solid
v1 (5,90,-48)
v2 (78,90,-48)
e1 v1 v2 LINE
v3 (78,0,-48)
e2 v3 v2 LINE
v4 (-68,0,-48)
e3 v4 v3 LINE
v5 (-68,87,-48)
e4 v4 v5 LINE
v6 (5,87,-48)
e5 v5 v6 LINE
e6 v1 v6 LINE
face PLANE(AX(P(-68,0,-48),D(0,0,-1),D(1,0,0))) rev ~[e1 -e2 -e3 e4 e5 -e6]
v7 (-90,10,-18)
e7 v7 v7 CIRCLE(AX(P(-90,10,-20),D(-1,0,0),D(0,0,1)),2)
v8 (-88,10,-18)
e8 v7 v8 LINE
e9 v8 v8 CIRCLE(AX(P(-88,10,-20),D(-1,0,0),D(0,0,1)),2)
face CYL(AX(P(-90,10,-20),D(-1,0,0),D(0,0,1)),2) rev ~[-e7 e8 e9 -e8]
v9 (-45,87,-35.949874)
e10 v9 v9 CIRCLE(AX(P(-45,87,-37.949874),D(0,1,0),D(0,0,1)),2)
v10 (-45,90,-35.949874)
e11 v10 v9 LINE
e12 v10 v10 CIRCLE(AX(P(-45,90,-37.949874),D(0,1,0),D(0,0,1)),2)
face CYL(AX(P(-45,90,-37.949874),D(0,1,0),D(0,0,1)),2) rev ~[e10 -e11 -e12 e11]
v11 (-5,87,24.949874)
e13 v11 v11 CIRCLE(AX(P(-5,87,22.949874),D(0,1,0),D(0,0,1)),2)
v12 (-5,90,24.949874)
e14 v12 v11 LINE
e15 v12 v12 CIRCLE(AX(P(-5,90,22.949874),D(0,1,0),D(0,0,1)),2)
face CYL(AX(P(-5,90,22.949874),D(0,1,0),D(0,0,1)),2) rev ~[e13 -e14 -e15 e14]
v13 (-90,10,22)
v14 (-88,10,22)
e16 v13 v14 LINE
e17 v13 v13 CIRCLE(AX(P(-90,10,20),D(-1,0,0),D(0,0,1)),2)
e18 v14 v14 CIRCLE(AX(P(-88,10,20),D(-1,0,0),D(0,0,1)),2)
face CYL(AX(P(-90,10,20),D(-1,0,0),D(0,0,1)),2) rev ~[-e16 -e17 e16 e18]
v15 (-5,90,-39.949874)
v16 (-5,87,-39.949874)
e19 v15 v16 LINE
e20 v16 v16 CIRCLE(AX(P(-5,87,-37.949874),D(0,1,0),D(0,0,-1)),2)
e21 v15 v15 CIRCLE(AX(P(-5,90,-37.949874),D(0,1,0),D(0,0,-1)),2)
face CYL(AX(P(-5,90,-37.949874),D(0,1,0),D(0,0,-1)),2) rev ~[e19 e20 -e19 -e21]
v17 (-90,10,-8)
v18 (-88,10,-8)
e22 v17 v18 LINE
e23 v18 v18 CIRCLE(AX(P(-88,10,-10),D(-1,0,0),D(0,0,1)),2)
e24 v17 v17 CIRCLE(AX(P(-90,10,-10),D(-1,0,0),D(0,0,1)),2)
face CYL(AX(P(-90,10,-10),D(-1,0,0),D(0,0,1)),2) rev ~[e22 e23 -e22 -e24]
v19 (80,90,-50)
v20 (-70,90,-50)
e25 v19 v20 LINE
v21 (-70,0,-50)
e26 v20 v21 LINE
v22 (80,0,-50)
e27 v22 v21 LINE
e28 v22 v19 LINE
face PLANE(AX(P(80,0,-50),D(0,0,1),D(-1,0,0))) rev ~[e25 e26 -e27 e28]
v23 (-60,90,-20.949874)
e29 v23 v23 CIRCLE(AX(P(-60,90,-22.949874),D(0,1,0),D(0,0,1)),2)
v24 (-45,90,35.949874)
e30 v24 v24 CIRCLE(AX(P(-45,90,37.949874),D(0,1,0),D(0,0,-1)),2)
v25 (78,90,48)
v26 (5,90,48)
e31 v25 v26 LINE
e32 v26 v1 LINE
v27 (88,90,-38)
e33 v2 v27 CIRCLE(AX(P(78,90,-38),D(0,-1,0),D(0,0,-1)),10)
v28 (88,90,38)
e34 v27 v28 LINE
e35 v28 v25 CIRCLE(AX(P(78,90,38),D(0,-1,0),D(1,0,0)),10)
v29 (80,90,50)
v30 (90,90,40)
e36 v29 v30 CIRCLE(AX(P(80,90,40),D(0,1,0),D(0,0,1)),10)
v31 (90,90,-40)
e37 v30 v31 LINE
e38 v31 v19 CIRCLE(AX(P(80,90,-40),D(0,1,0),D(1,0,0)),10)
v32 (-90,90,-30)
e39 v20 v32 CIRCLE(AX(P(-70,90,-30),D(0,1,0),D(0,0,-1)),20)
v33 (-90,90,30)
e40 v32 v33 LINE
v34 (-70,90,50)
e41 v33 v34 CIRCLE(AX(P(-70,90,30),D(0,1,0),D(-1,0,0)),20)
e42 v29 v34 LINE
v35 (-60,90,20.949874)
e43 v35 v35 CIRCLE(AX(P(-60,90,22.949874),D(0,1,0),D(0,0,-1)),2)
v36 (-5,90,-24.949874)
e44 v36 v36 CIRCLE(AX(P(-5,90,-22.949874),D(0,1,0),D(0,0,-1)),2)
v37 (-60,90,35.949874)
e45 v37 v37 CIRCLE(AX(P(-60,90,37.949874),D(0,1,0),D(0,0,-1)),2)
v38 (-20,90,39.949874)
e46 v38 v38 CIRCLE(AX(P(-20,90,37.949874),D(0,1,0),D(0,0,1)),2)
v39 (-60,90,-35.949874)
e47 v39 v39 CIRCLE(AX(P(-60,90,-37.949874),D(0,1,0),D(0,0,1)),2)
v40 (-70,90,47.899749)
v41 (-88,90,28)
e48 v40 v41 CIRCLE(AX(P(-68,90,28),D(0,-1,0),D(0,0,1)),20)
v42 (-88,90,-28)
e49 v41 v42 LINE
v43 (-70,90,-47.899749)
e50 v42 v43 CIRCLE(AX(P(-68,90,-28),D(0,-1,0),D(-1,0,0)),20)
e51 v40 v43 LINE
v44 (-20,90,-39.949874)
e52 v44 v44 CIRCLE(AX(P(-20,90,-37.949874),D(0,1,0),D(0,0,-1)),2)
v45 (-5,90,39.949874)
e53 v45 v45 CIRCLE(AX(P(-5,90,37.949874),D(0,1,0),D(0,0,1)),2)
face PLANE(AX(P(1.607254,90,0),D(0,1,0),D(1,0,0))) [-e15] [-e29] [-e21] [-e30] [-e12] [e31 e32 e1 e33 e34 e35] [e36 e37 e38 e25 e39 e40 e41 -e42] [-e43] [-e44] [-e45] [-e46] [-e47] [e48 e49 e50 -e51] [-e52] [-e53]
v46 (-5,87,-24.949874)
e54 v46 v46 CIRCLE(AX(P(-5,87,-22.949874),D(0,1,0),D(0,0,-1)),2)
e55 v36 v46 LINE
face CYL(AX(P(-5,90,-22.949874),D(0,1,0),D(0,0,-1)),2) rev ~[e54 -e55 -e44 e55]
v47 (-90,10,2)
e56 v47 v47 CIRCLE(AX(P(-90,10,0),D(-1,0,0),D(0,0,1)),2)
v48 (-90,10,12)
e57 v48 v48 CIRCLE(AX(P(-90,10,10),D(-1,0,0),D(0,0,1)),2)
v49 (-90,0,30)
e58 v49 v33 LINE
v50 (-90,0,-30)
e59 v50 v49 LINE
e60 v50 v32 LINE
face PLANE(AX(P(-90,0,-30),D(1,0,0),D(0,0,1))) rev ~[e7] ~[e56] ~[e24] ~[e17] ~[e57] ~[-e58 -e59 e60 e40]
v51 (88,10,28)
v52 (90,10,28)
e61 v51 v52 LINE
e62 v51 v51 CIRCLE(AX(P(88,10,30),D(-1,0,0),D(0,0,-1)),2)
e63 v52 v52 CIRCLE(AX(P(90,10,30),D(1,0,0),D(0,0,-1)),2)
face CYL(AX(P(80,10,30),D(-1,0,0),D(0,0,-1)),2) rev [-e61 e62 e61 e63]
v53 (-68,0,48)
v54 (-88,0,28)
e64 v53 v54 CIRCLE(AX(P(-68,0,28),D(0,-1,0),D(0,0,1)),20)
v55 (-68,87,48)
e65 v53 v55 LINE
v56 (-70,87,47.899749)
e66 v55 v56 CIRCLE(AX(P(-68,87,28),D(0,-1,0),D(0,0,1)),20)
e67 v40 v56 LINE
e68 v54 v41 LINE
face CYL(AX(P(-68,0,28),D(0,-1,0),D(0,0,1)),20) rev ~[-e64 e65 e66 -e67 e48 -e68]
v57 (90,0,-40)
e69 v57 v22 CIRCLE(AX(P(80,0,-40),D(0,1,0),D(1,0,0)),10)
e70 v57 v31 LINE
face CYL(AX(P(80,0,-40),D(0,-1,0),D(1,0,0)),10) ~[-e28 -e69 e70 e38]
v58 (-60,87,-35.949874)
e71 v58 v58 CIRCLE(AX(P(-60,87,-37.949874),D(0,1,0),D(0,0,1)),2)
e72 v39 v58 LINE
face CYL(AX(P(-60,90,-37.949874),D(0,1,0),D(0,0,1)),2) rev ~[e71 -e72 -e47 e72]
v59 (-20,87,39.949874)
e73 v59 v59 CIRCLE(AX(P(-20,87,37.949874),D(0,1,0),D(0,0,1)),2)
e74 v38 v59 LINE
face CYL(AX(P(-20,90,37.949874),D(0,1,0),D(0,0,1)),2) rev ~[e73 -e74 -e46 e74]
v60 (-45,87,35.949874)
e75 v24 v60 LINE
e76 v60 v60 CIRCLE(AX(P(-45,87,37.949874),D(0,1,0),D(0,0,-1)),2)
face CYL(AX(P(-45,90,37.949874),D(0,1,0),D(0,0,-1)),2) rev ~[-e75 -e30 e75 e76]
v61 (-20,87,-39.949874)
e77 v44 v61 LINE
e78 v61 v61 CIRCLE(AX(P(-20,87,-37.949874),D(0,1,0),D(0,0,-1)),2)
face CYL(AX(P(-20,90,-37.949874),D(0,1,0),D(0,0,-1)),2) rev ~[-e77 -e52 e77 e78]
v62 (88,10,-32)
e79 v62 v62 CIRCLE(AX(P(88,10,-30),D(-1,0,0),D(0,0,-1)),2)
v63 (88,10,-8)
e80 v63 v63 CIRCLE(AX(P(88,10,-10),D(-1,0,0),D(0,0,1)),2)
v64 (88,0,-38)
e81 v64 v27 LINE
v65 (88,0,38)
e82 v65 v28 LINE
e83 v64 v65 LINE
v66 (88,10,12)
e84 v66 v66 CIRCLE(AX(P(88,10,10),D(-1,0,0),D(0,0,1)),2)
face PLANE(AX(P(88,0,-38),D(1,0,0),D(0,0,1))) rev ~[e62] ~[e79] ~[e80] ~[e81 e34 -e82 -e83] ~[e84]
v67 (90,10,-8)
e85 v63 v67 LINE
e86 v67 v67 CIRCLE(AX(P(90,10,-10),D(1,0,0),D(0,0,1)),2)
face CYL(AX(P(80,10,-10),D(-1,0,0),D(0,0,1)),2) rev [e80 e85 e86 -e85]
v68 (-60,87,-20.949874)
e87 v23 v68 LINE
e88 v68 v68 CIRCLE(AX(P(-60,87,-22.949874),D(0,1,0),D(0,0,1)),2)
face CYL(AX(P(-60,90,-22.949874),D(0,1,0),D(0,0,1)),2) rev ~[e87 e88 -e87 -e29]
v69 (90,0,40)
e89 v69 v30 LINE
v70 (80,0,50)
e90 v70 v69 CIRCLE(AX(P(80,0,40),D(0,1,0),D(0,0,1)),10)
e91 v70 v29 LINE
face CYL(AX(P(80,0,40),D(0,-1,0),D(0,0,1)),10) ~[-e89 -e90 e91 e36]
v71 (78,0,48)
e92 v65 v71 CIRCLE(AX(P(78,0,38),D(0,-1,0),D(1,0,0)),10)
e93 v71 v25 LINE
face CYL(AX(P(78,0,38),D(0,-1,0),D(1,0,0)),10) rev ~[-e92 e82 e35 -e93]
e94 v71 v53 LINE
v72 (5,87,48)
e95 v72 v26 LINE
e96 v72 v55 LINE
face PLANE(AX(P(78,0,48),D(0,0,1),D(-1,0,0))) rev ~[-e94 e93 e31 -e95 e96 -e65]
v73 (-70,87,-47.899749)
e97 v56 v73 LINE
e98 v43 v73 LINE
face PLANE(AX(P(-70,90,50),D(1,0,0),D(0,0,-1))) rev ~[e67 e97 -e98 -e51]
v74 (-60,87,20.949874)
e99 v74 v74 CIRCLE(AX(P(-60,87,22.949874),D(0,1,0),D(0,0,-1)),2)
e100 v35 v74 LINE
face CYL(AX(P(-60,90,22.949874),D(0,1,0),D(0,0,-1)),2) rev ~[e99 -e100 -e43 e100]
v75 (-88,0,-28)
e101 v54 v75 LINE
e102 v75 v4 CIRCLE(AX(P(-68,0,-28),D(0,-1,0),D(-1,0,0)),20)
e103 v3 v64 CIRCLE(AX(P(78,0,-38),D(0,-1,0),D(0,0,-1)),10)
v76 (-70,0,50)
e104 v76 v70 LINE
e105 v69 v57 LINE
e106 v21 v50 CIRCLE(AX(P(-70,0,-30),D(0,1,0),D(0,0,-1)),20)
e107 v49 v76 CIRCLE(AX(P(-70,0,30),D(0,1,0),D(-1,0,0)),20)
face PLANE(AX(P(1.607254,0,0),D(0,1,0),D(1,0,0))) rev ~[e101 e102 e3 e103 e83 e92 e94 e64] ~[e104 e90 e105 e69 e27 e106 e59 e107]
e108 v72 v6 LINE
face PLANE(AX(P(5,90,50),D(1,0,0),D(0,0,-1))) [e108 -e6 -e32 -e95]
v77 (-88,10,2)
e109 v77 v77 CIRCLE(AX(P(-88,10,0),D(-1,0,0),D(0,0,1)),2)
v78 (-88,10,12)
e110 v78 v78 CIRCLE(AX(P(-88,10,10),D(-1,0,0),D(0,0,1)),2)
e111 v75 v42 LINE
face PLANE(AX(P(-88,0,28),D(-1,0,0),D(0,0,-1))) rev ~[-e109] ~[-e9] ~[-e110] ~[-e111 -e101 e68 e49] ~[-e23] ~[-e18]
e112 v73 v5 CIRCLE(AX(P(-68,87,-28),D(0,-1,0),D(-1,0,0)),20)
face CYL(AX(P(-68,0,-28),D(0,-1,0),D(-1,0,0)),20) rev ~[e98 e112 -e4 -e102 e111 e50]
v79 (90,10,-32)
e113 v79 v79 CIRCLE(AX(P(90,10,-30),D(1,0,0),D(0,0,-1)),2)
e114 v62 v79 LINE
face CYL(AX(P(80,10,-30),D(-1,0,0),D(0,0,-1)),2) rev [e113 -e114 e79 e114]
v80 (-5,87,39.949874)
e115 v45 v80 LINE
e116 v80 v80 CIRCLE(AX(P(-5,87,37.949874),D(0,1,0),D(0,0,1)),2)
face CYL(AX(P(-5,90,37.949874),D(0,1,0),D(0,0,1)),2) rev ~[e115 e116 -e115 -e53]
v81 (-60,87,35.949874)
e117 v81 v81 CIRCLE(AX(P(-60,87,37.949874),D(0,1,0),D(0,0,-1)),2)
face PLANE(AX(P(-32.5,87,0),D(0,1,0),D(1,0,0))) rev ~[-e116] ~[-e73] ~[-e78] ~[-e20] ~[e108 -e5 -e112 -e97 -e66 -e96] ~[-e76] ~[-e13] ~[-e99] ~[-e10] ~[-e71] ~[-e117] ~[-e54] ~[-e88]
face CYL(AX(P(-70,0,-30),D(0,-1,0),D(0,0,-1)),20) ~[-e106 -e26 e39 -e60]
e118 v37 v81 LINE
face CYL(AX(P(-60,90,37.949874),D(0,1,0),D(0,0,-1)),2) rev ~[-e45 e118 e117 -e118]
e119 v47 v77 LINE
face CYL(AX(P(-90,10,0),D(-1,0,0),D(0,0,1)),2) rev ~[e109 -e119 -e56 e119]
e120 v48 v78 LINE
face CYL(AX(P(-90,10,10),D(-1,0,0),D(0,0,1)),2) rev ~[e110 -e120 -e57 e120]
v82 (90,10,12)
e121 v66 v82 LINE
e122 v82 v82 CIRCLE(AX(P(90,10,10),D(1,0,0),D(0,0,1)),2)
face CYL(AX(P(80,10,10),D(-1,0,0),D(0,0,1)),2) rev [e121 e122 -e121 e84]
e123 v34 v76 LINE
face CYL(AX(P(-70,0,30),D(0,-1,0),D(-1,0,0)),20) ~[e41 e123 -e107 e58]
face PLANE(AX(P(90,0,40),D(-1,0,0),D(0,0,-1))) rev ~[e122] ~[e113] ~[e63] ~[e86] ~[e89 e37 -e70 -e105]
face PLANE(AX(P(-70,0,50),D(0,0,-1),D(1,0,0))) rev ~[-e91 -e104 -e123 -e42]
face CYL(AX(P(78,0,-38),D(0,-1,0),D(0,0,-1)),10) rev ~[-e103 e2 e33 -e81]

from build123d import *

# Parameters (mm, degrees)
Y_KSEKLIK_EKSTR_ZYON1_DEPTH = 90
IZIM2_W                     = 75
IZIM2_H                     = 100
Y_KSEKLIK_EKSTR_ZYON2_DEPTH = 3
IZIM3_R                     = 2
KES_EKSTR_ZYON1_DEPTH       = 10
IZIM4_R                     = 2
KES_EKSTR_ZYON2_DEPTH       = 10
KES_EKSTR_ZYON3_START       = -10
IZIM5_R                     = 2
KES_EKSTR_ZYON3_DEPTH       = 10


with BuildPart() as part:
    # Çizim1 → Yükseklik-Ekstrüzyon1 (new body)
    with BuildSketch(Plane(origin=(0, 0, 0), x_dir=(1, 0, 0), z_dir=(0, 1, 0))):
        with BuildLine():
            Line((-70, -50), (80, -50))
            ThreePointArc((80, -50), (87.071067812, -47.071067812), (90, -40))
            Line((90, -40), (90, 40))
            ThreePointArc((90, 40), (87.071067812, 47.071067812), (80, 50))
            Line((80, 50), (-70, 50))
            ThreePointArc((-70, 50), (-84.142135624, 44.142135624), (-90, 30))
            Line((-90, 30), (-90, -30))
            ThreePointArc((-90, -30), (-84.142135624, -44.142135624), (-70, -50))
        make_face()
        with BuildLine():
            Line((0, 48), (78, 48))
            ThreePointArc((78, 48), (85.071067812, 45.071067812), (88, 38))
            Line((88, 38), (88, 0))
            Line((88, 0), (88, -38))
            ThreePointArc((88, -38), (85.071067812, -45.071067812), (78, -48))
            Line((78, -48), (-68, -48))
            ThreePointArc((-68, -48), (-82.142135624, -42.142135624), (-88, -28))
            Line((-88, -28), (-88, 28))
            ThreePointArc((-88, 28), (-82.142135624, 42.142135624), (-68, 48))
            Line((-68, 48), (0, 48))
        make_face(mode=Mode.SUBTRACT)
    extrude(amount=Y_KSEKLIK_EKSTR_ZYON1_DEPTH)

    # Çizim2 → Yükseklik-Ekstrüzyon2 (add)
    with BuildSketch(Plane(origin=(0, 90, 0), x_dir=(1, 0, 0), z_dir=(0, 1, 0))):
        with Locations((-32.5, 0)):
            Rectangle(IZIM2_W, IZIM2_H)
    extrude(amount=-Y_KSEKLIK_EKSTR_ZYON2_DEPTH)

    # Çizim3 → Kes-Ekstrüzyon1 (cut)
    with BuildSketch(Plane.ZY.offset(90)):
        with Locations((-20, 10)):
            Circle(IZIM3_R)
        with Locations((-10, 10)):
            Circle(IZIM3_R)
        with Locations((0, 10)):
            Circle(IZIM3_R)
        with Locations((10, 10)):
            Circle(IZIM3_R)
        with Locations((20, 10)):
            Circle(IZIM3_R)
    extrude(amount=-KES_EKSTR_ZYON1_DEPTH, mode=Mode.SUBTRACT)

    # Çizim4 → Kes-Ekstrüzyon2 (cut)
    with BuildSketch(Plane(origin=(0, 90, 0), x_dir=(1, 0, 0), z_dir=(0, 1, 0))):
        with Locations(Location((-60, 37.949874371, 0), (0, 0, 270))):
            Circle(IZIM4_R)
        with Locations(Location((-45, 37.949874371, 0), (0, 0, 270))):
            Circle(IZIM4_R)
        with Locations(Location((-60, 22.949874371, 0), (0, 0, 270))):
            Circle(IZIM4_R)
        with Locations(Location((-5, 22.949874371, 0), (0, 0, 90))):
            Circle(IZIM4_R)
        with Locations(Location((-20, 37.949874371, 0), (0, 0, 90))):
            Circle(IZIM4_R)
        with Locations(Location((-5, 37.949874371, 0), (0, 0, 90))):
            Circle(IZIM4_R)
        with Locations(Location((-5, -37.949874371, 0), (0, 0, 270))):
            Circle(IZIM4_R)
        with Locations(Location((-20, -37.949874371, 0), (0, 0, 270))):
            Circle(IZIM4_R)
        with Locations(Location((-5, -22.949874371, 0), (0, 0, 270))):
            Circle(IZIM4_R)
        with Locations(Location((-60, -22.949874371, 0), (0, 0, 90))):
            Circle(IZIM4_R)
        with Locations(Location((-45, -37.949874371, 0), (0, 0, 90))):
            Circle(IZIM4_R)
        with Locations(Location((-60, -37.949874371, 0), (0, 0, 90))):
            Circle(IZIM4_R)
    extrude(amount=-KES_EKSTR_ZYON2_DEPTH, mode=Mode.SUBTRACT)

    # Çizim5 → Kes-Ekstrüzyon3 (cut)
    with BuildSketch(Plane(origin=(90, 0, 0), x_dir=(0, 0, -1), z_dir=(1, 0, 0)).offset(KES_EKSTR_ZYON3_START)):
        with Locations((-30, 10)):
            Circle(IZIM5_R)
        with Locations(Location((-10, 10, 0), (0, 0, 180))):
            Circle(IZIM5_R)
        with Locations(Location((10, 10, 0), (0, 0, 180))):
            Circle(IZIM5_R)
        with Locations((30, 10)):
            Circle(IZIM5_R)
    extrude(amount=KES_EKSTR_ZYON3_DEPTH, mode=Mode.SUBTRACT)


solid = part.part
